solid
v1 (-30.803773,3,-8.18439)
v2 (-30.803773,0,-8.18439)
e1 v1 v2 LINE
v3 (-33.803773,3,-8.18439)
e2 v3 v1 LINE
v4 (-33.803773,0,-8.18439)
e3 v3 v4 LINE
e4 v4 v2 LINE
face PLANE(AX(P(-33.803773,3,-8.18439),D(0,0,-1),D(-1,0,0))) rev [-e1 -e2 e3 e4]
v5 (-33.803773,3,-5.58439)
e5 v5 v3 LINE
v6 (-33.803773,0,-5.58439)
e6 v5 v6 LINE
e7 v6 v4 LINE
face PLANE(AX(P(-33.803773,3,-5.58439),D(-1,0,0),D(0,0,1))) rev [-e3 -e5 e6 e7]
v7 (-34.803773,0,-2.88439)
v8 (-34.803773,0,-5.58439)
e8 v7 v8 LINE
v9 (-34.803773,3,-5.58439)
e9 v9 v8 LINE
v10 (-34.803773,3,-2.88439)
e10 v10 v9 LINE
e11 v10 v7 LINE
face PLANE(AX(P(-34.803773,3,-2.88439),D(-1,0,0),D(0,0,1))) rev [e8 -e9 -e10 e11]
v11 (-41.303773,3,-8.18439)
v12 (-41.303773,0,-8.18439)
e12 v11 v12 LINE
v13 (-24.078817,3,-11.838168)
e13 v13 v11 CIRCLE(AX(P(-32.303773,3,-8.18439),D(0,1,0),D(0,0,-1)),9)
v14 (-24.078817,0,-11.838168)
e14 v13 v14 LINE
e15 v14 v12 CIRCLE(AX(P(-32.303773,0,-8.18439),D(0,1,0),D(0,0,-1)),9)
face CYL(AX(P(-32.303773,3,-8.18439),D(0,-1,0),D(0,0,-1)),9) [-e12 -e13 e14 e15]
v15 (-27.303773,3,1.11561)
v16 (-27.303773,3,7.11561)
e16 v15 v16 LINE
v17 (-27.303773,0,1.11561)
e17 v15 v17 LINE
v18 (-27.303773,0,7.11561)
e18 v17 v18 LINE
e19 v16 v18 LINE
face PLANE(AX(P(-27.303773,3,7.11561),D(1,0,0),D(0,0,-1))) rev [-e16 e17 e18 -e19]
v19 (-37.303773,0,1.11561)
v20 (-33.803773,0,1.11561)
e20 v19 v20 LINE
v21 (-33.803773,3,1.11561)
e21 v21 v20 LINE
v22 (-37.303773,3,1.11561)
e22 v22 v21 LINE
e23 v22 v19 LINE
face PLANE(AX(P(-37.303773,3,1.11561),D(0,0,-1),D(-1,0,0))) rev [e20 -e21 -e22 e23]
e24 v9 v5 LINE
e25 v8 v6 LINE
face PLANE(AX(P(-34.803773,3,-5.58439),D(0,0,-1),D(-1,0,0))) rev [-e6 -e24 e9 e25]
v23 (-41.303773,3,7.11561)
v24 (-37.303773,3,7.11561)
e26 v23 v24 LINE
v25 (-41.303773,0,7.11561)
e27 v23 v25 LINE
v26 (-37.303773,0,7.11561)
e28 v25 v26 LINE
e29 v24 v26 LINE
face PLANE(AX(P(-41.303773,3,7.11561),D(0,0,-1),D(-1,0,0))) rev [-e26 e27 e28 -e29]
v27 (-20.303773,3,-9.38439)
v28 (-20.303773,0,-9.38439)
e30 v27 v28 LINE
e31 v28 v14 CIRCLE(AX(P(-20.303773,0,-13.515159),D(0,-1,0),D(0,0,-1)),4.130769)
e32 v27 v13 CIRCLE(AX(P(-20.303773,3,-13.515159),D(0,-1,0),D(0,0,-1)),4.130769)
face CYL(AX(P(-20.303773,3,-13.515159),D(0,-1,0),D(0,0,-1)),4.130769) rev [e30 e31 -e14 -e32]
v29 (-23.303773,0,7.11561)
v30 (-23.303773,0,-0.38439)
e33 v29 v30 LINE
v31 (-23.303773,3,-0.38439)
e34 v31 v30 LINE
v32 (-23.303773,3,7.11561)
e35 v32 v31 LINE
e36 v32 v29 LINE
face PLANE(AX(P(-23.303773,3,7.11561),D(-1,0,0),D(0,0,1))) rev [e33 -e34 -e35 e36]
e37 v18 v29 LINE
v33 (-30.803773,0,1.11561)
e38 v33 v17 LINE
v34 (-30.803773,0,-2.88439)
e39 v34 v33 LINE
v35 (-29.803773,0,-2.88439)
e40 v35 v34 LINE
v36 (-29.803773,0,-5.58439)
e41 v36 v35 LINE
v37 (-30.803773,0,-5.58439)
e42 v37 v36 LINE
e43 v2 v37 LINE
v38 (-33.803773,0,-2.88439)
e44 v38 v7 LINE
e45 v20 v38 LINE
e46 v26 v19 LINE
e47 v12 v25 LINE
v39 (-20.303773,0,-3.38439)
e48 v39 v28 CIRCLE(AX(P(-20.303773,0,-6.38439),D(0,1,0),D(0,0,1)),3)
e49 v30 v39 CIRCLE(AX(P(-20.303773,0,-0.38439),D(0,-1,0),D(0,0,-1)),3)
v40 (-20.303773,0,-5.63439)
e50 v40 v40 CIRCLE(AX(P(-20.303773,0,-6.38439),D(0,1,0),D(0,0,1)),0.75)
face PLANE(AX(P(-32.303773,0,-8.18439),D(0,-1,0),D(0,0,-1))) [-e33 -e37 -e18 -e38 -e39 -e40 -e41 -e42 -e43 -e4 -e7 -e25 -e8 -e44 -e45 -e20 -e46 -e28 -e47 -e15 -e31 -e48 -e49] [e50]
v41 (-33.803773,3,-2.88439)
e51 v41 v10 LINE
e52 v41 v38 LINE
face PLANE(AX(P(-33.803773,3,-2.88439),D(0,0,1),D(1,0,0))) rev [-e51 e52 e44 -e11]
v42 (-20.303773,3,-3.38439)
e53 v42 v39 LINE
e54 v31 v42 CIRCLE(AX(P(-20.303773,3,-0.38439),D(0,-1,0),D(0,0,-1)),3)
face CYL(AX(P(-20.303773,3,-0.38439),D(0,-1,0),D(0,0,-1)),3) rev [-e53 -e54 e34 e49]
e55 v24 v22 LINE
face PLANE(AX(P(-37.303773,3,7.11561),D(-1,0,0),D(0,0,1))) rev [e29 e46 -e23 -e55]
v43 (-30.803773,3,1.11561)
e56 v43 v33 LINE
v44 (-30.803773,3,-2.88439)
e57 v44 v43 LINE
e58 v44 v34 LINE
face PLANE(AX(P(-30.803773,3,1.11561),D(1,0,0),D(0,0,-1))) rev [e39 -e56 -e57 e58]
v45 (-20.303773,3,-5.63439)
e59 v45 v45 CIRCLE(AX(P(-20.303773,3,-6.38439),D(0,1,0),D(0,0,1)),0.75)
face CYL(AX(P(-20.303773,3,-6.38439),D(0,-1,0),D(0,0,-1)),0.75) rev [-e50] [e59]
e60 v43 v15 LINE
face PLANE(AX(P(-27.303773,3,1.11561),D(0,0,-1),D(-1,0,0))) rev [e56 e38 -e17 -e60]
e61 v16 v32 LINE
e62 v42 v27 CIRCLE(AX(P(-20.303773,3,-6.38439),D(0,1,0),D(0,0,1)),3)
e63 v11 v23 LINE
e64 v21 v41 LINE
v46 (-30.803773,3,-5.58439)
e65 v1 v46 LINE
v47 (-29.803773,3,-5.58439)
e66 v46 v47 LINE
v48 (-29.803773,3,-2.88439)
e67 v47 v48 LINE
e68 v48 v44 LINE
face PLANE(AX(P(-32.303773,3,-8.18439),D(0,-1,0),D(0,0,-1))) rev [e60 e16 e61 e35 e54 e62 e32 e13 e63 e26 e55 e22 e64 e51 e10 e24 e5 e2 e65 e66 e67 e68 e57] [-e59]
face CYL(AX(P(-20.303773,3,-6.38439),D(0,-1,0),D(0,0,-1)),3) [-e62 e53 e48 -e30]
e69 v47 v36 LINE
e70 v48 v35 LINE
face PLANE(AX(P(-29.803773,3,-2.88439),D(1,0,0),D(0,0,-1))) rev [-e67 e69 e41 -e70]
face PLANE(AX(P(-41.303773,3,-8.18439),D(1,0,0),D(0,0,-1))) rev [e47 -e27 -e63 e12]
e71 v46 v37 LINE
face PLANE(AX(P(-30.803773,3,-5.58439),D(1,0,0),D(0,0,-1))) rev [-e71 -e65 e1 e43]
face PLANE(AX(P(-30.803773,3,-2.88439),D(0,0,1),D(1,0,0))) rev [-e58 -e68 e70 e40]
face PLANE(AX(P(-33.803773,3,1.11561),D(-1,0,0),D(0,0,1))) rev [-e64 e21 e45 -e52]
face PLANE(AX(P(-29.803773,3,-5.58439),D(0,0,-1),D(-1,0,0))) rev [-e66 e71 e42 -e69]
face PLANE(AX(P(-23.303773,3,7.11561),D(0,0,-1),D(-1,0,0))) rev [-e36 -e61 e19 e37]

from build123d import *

# Parameters (mm, degrees)
SKETCH_1_R      = 0.75
EXTRUDE_1_DEPTH = 3


with BuildPart() as part:
    # 草图1 → 凸台-拉伸1 (new body)
    with BuildSketch(Plane(origin=(0, 0, 0), x_dir=(1, 0, 0), z_dir=(0, 1, 0))):
        with BuildLine():
            Line((-41.303773208, 8.184389917), (-41.303773208, -7.115610083))
            Line((-41.303773208, -7.115610083), (-37.303773208, -7.115610083))
            Line((-37.303773208, -7.115610083), (-37.303773208, -1.115610083))
            Line((-37.303773208, -1.115610083), (-33.803773208, -1.115610083))
            Line((-33.803773208, -1.115610083), (-33.803773208, 2.884389917))
            Line((-33.803773208, 2.884389917), (-34.803773208, 2.884389917))
            Line((-34.803773208, 2.884389917), (-34.803773208, 5.584389917))
            Line((-34.803773208, 5.584389917), (-33.803773208, 5.584389917))
            Line((-33.803773208, 5.584389917), (-33.803773208, 8.184389917))
            Line((-33.803773208, 8.184389917), (-30.803773208, 8.184389917))
            Line((-30.803773208, 8.184389917), (-30.803773208, 5.584389917))
            Line((-30.803773208, 5.584389917), (-29.803773208, 5.584389917))
            Line((-29.803773208, 5.584389917), (-29.803773208, 2.884389917))
            Line((-29.803773208, 2.884389917), (-30.803773208, 2.884389917))
            Line((-30.803773208, 2.884389917), (-30.803773208, -1.115610083))
            Line((-30.803773208, -1.115610083), (-27.303773208, -1.115610083))
            Line((-27.303773208, -1.115610083), (-27.303773208, -7.115610083))
            Line((-27.303773208, -7.115610083), (-23.303773208, -7.115610083))
            Line((-23.303773208, -7.115610083), (-23.303773208, 0.384389917))
            ThreePointArc((-23.303773208, 0.384389917), (-22.425093551, 2.505710261), (-20.303773208, 3.384389917))
            ThreePointArc((-20.303773208, 3.384389917), (-17.303773208, 6.384389917), (-20.303773208, 9.384389917))
            ThreePointArc((-20.303773208, 9.384389917), (-22.554994318, 10.051742056), (-24.078817144, 11.838168476))
            ThreePointArc((-24.078817144, 11.838168476), (-34.171311083, 16.988497043), (-41.303773208, 8.184389917))
        make_face()
        with Locations(Location((-20.303773208, 6.384389917, 0), (0, 0, 270))):
            Circle(SKETCH_1_R, mode=Mode.SUBTRACT)
    extrude(amount=EXTRUDE_1_DEPTH)


solid = part.part
